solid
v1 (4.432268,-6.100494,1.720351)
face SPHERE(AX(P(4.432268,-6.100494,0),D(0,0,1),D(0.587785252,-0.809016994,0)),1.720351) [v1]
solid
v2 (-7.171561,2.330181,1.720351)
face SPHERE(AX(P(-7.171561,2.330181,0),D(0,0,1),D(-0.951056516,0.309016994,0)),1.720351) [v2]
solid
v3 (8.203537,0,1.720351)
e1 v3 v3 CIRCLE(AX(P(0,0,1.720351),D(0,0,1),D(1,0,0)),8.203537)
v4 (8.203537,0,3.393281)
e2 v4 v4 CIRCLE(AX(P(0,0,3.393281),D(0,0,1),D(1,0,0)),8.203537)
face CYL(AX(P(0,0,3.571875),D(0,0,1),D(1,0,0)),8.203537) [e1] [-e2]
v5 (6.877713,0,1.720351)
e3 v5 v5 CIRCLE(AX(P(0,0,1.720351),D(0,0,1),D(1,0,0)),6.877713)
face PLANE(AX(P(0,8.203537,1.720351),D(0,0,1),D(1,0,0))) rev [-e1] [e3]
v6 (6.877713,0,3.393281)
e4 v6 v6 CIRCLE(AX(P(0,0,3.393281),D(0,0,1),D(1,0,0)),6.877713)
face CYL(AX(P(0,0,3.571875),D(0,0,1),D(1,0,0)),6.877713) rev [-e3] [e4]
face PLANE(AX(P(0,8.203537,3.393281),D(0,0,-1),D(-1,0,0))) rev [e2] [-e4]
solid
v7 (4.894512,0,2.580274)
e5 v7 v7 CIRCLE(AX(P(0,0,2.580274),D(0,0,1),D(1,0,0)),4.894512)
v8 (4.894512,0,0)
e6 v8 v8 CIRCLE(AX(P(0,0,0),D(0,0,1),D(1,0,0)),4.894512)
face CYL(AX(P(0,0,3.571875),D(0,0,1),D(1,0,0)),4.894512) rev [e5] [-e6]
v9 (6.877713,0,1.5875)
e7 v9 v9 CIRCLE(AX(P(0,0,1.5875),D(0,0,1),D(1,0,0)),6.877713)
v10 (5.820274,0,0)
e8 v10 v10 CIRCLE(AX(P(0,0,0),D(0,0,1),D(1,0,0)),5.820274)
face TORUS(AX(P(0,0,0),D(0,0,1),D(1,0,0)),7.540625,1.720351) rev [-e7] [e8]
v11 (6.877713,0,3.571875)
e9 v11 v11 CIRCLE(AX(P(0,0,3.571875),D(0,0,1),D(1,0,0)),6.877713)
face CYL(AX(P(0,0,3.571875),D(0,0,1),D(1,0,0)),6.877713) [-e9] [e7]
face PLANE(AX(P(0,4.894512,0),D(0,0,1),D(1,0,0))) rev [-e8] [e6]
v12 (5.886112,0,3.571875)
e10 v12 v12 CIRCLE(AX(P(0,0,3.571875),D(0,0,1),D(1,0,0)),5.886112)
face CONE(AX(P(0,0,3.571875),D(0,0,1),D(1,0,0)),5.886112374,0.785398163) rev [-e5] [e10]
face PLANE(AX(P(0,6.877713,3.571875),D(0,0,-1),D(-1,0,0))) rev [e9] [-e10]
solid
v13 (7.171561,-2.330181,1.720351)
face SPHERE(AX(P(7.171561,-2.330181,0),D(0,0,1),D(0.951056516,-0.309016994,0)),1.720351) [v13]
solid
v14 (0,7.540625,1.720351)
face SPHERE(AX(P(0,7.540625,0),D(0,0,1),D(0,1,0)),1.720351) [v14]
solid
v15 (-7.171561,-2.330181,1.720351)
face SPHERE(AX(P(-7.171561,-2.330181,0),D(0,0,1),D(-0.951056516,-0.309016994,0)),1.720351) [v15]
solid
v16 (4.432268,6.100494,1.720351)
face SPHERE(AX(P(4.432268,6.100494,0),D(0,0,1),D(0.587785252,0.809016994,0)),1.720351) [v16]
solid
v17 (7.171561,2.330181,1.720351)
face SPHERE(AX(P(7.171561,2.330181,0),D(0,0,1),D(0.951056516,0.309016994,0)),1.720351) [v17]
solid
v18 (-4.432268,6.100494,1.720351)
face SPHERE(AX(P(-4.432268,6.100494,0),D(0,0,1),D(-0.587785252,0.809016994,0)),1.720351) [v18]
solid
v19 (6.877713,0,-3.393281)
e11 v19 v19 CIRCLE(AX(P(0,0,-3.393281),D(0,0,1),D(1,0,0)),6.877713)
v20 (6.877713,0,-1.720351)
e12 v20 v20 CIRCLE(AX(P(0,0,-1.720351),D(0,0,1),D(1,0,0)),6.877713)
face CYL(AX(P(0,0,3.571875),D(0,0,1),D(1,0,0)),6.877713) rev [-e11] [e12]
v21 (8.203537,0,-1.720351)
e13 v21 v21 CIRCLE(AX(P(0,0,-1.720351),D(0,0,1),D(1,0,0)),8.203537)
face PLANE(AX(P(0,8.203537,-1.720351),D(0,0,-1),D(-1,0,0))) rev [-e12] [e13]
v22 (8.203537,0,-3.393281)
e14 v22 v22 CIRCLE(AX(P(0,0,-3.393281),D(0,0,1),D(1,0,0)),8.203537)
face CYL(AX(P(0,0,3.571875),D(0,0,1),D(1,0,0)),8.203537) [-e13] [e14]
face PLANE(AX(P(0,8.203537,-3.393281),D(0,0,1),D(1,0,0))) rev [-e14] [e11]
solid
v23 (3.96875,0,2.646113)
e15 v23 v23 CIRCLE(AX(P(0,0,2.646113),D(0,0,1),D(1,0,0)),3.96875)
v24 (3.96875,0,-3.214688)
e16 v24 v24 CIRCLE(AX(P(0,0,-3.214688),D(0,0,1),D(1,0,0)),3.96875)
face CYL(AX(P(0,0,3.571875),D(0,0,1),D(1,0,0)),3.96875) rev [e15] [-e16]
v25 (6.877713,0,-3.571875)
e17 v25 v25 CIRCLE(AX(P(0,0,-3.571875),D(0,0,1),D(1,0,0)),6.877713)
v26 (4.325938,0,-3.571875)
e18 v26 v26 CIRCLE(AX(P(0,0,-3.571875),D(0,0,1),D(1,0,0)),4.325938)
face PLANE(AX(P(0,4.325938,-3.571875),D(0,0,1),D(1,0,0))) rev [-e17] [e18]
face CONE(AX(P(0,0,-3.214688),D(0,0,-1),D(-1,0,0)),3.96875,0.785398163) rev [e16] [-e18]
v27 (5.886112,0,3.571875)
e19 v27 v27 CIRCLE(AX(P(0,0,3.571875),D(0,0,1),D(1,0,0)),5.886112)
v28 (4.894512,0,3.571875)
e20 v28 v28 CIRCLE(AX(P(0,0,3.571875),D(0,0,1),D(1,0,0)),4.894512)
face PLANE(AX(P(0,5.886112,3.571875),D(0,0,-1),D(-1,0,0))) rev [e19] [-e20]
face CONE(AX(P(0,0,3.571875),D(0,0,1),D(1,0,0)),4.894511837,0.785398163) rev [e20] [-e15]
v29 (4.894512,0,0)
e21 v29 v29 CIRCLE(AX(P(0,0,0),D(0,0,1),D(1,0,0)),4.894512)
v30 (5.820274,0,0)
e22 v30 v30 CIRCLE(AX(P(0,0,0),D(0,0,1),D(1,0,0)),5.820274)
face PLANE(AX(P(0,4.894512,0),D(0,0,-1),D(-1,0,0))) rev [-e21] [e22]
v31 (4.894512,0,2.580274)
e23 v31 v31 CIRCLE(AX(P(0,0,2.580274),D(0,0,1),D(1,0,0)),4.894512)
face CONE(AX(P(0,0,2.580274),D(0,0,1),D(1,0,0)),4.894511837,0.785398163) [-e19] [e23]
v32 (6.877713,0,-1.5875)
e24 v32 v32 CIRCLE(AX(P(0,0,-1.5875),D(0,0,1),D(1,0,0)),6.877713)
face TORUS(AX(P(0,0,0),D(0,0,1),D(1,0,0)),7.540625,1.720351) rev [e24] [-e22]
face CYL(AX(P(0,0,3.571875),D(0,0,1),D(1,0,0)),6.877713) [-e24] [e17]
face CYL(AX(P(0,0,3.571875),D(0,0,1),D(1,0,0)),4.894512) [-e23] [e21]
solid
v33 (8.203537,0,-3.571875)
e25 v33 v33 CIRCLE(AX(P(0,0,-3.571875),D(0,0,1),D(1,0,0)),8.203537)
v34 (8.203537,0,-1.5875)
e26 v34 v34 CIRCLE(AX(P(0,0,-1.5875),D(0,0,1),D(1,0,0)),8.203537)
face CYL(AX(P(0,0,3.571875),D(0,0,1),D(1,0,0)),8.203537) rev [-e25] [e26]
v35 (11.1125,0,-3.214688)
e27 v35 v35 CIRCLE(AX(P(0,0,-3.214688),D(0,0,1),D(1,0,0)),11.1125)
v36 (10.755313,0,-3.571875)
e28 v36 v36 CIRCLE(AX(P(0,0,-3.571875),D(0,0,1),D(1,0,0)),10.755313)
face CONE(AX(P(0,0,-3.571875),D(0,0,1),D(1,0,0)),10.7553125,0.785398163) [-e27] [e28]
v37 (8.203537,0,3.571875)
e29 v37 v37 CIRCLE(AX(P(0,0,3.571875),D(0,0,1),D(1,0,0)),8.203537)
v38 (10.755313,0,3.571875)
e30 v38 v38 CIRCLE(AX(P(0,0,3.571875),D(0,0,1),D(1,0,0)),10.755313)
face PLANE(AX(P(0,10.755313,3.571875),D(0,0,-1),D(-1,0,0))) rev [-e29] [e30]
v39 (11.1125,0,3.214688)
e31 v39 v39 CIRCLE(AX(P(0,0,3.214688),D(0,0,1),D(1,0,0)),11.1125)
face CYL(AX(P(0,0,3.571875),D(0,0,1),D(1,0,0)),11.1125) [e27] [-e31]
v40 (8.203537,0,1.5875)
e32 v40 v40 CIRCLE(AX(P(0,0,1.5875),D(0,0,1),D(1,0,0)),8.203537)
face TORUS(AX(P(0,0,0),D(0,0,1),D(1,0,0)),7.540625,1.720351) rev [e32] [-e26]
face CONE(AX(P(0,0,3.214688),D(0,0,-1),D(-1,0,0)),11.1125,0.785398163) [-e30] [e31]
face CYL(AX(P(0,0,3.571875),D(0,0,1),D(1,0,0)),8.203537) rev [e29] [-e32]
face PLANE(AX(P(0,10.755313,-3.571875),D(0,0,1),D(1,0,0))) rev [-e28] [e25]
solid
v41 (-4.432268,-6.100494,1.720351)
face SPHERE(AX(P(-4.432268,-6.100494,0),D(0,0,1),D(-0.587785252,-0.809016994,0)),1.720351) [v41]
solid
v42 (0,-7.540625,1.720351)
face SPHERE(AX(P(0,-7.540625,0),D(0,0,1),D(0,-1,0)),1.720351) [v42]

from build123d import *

# Parameters (mm, degrees)
CIRPATTERN1_COUNT = 10
SKETCH5_W         = 1.672929924
SKETCH5_H         = 1.325824176


with BuildPart() as part:
    # Sketch1 → Revolve1 (revolve)
    with BuildSketch(Plane(origin=(0, 0, 0), x_dir=(0, 0, -1), z_dir=(1, 0, 0))):
        with BuildLine():
            Line((3.2146875, 11.1125), (-3.2146875, 11.1125))
            Line((-3.2146875, 11.1125), (-3.571875, 10.7553125))
            Line((-3.571875, 10.7553125), (-3.571875, 8.203537088))
            Line((-3.571875, 8.203537088), (-1.5875, 8.203537088))
            ThreePointArc((-1.5875, 8.203537088), (0, 9.260976326), (1.5875, 8.203537088))
            Line((1.5875, 8.203537088), (3.571875, 8.203537088))
            Line((3.571875, 8.203537088), (3.571875, 10.7553125))
            Line((3.571875, 10.7553125), (3.2146875, 11.1125))
        make_face()
    revolve(axis=Axis((0, 0, 3.571875), (0, 0, -1)))


with BuildPart() as body_2:
    # Sketch2 → Revolve2 (revolve)
    with BuildSketch(Plane(origin=(0, 0, 0), x_dir=(0, 0, -1), z_dir=(1, 0, 0))):
        with BuildLine():
            Line((-3.571875, 6.877712912), (-1.5875, 6.877712912))
            ThreePointArc((-1.5875, 6.877712912), (-0.95372087, 6.108834098), (0, 5.820273674))
            Line((0, 5.820273674), (0, 4.894511837))
            Line((0, 4.894511837), (-2.580274462, 4.894511837))
            Line((-2.580274462, 4.894511837), (-3.571875, 5.886112374))
            Line((-3.571875, 5.886112374), (-3.571875, 6.877712912))
        make_face()
    revolve(axis=Axis((0, 0, 3.571875), (0, 0, -1)))


with BuildPart() as body_3:
    # Sketch3 → Revolve3 (revolve)
    with BuildSketch(Plane(origin=(0, 0, 0), x_dir=(0, 0, -1), z_dir=(1, 0, 0))):
        with BuildLine():
            Line((-3.571875, 5.886112374), (-2.580274462, 4.894511837))
            Line((-2.580274462, 4.894511837), (0, 4.894511837))
            Line((0, 4.894511837), (0, 5.820273674))
            ThreePointArc((0, 5.820273674), (0.95372087, 6.108834098), (1.5875, 6.877712912))
            Line((1.5875, 6.877712912), (3.571875, 6.877712912))
            Line((3.571875, 6.877712912), (3.571875, 4.3259375))
            Line((3.571875, 4.3259375), (3.2146875, 3.96875))
            Line((3.2146875, 3.96875), (-2.646113163, 3.96875))
            Line((-2.646113163, 3.96875), (-3.571875, 4.894511837))
            Line((-3.571875, 4.894511837), (-3.571875, 5.886112374))
        make_face()
    revolve(axis=Axis((0, 0, 3.571875), (0, 0, -1)))


with BuildPart() as body_4:
    # Sketch4 → Revolve4 (revolve)
    with BuildSketch(Plane(origin=(0, 0, 0), x_dir=(0, 0, -1), z_dir=(1, 0, 0))):
        with BuildLine():
            Line((-1.720351326, 7.540625), (1.720351326, 7.540625))
            ThreePointArc((1.720351326, 7.540625), (0, 9.260976326), (-1.720351326, 7.540625))
        make_face()
    revolve(axis=Axis((0, 7.540625, 1.720351326), (0, 0, -1)))


with BuildPart() as cirpattern1_1:
    # CirPattern1: pattern copy
    add(body_4.part.rotate(Axis((0, 0, -3.571875), (0, 0, 1)), 1 * 360 / CIRPATTERN1_COUNT))


with BuildPart() as cirpattern1_2:
    # CirPattern1: pattern copy
    add(body_4.part.rotate(Axis((0, 0, -3.571875), (0, 0, 1)), 2 * 360 / CIRPATTERN1_COUNT))


with BuildPart() as cirpattern1_3:
    # CirPattern1: pattern copy
    add(body_4.part.rotate(Axis((0, 0, -3.571875), (0, 0, 1)), 3 * 360 / CIRPATTERN1_COUNT))


with BuildPart() as cirpattern1_4:
    # CirPattern1: pattern copy
    add(body_4.part.rotate(Axis((0, 0, -3.571875), (0, 0, 1)), 4 * 360 / CIRPATTERN1_COUNT))


with BuildPart() as cirpattern1_5:
    # CirPattern1: pattern copy
    add(body_4.part.rotate(Axis((0, 0, -3.571875), (0, 0, 1)), 5 * 360 / CIRPATTERN1_COUNT))


with BuildPart() as cirpattern1_6:
    # CirPattern1: pattern copy
    add(body_4.part.rotate(Axis((0, 0, -3.571875), (0, 0, 1)), 6 * 360 / CIRPATTERN1_COUNT))


with BuildPart() as cirpattern1_7:
    # CirPattern1: pattern copy
    add(body_4.part.rotate(Axis((0, 0, -3.571875), (0, 0, 1)), 7 * 360 / CIRPATTERN1_COUNT))


with BuildPart() as cirpattern1_8:
    # CirPattern1: pattern copy
    add(body_4.part.rotate(Axis((0, 0, -3.571875), (0, 0, 1)), 8 * 360 / CIRPATTERN1_COUNT))


with BuildPart() as cirpattern1_9:
    # CirPattern1: pattern copy
    add(body_4.part.rotate(Axis((0, 0, -3.571875), (0, 0, 1)), 9 * 360 / CIRPATTERN1_COUNT))


with BuildPart() as body_14:
    # Sketch5 → Revolve5 (revolve)
    with BuildSketch(Plane(origin=(0, 0, 0), x_dir=(0, 0, -1), z_dir=(1, 0, 0))):
        with Locations((-2.556816288, 7.540625)):
            Rectangle(SKETCH5_W, SKETCH5_H)
        with Locations((2.556816288, 7.540625)):
            Rectangle(SKETCH5_W, SKETCH5_H)
    revolve(axis=Axis((0, 0, 3.571875), (0, 0, -1)))


solid = Compound([part.part, body_2.part, body_3.part, body_4.part, cirpattern1_1.part, cirpattern1_2.part, cirpattern1_3.part, cirpattern1_4.part, cirpattern1_5.part, cirpattern1_6.part, cirpattern1_7.part, cirpattern1_8.part, cirpattern1_9.part, body_14.part])
